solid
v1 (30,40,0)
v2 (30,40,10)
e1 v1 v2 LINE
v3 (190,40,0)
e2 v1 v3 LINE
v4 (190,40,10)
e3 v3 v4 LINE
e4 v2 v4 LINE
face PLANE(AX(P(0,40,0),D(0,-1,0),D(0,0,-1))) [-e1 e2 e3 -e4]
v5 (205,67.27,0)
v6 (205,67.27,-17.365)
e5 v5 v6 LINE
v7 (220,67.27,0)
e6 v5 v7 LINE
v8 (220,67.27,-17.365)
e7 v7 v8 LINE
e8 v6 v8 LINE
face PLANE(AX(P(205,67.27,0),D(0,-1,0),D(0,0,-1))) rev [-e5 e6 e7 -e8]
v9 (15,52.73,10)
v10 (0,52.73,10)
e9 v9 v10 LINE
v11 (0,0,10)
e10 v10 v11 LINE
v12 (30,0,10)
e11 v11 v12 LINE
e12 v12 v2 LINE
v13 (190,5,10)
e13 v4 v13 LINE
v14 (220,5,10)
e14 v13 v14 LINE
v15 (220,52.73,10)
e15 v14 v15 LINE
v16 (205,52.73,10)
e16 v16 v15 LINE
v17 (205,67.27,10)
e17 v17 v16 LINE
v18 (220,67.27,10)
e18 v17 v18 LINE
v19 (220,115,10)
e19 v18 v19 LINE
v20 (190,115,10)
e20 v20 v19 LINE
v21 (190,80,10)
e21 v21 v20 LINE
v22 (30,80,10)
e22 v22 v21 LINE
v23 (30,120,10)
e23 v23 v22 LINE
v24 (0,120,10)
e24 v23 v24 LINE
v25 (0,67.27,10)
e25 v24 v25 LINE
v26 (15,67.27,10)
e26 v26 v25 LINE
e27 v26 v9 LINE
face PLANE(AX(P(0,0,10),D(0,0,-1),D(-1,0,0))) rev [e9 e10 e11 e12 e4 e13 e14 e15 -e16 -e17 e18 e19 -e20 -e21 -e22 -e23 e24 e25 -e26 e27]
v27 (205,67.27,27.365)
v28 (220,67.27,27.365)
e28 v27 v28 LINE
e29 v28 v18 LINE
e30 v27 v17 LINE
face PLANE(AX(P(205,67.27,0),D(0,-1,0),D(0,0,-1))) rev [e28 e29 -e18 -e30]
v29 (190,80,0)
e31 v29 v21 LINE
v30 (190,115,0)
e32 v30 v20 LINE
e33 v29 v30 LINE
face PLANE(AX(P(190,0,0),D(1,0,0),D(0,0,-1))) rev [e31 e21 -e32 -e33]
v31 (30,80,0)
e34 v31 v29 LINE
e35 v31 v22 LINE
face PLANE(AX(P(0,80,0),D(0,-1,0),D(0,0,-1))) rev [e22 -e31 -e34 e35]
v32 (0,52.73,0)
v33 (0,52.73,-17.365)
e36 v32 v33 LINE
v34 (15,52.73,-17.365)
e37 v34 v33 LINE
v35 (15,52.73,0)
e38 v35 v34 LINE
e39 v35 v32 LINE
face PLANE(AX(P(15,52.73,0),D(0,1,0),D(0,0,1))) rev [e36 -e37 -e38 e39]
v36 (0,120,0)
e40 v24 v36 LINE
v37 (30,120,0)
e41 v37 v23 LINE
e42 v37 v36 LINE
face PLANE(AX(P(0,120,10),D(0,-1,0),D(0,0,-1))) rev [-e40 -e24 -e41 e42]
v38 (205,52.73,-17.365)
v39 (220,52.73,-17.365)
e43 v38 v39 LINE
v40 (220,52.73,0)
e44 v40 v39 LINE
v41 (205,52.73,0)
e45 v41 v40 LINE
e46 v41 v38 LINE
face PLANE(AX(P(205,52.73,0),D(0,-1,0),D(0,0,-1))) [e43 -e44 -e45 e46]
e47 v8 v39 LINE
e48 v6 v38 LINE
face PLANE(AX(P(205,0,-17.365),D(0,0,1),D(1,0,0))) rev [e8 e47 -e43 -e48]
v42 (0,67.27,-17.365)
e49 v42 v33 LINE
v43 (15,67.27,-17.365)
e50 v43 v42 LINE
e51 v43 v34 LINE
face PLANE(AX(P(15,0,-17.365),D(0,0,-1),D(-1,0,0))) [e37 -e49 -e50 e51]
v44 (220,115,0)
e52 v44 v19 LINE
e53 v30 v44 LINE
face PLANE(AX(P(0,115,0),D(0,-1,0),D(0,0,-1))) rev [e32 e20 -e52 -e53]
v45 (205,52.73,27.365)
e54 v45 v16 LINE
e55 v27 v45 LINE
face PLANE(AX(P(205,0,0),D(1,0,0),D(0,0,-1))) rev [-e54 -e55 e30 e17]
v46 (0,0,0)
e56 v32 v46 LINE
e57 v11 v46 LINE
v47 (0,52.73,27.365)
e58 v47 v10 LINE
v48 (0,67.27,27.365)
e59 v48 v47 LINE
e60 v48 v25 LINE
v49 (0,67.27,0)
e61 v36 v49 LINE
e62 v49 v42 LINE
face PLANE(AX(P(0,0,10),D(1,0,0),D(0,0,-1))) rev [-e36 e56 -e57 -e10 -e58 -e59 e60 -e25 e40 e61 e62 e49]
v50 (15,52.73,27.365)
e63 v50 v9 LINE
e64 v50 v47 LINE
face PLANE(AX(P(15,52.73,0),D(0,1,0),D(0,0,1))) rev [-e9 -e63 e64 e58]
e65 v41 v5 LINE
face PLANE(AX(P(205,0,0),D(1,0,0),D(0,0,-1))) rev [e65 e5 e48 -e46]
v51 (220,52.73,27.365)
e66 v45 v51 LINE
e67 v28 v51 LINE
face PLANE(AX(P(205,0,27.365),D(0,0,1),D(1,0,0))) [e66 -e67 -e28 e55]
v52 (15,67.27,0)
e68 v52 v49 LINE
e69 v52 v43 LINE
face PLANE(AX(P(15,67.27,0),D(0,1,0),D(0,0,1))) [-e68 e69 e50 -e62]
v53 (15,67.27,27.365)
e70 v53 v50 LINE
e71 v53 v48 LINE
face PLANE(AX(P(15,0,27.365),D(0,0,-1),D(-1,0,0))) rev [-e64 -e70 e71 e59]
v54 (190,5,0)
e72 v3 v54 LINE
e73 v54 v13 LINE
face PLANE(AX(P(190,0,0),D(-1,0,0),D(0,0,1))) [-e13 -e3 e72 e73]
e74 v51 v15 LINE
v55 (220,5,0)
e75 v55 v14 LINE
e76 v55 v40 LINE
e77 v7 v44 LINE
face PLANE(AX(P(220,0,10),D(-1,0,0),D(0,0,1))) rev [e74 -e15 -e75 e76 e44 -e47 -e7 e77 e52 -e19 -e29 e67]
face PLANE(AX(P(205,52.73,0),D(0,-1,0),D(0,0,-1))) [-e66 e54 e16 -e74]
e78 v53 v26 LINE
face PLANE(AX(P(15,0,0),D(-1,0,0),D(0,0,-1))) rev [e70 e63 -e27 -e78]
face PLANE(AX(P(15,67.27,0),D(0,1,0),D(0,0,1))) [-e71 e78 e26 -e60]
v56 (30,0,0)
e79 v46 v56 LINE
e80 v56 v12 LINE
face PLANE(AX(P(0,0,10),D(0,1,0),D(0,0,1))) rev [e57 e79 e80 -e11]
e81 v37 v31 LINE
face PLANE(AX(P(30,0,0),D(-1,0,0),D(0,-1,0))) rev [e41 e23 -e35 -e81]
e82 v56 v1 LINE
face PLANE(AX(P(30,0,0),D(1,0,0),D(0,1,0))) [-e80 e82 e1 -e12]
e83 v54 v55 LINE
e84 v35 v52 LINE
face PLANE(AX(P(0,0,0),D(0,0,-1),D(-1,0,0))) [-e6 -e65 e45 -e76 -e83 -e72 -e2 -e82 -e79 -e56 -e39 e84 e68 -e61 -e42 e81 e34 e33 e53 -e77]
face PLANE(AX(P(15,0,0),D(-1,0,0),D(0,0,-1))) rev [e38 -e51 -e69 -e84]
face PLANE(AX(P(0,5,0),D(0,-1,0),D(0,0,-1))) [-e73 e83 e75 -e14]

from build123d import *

# Parameters (mm, degrees)
SKETCH_1_W          = 220
SKETCH_1_H          = 120
EXTRUDE_1_DEPTH     = 10
CUT_EXTRUDE_1_DEPTH = 10
SKETCH_5_W          = 44.73
SKETCH_5_H          = 14.54
EXTRUDE_2_DEPTH     = 15


with BuildPart() as part:
    # 草图1 → 凸台-拉伸1 (new body)
    with BuildSketch(Plane.XY):
        with Locations((110, 60)):
            Rectangle(SKETCH_1_W, SKETCH_1_H)
    extrude(amount=EXTRUDE_1_DEPTH)

    # 草图2 → 切除-拉伸1 (cut)
    with BuildSketch(Plane.XY.offset(10)):
        Polygon((220, 120), (30, 120), (30, 80), (190, 80), (190, 115), (220, 115), align=None)
        Polygon((220, 0), (220, 5), (190, 5), (190, 40), (30, 40), (30, 0), align=None)
    extrude(amount=-CUT_EXTRUDE_1_DEPTH, mode=Mode.SUBTRACT)

    # 草图5 → 凸台-拉伸2 (add)
    with BuildSketch(Plane(origin=(220, 0, 0), x_dir=(0, 0, -1), z_dir=(1, 0, 0))):
        with Locations((-5, 60)):
            Rectangle(SKETCH_5_W, SKETCH_5_H)
    extrude_2 = extrude(amount=-EXTRUDE_2_DEPTH)

    # 镜向1: 凸台-拉伸2 across plane
    add(extrude_2.mirror(Plane(origin=(110, 0, 0), x_dir=(0, 0, 1), z_dir=(1, 0, 0))))


solid = part.part
